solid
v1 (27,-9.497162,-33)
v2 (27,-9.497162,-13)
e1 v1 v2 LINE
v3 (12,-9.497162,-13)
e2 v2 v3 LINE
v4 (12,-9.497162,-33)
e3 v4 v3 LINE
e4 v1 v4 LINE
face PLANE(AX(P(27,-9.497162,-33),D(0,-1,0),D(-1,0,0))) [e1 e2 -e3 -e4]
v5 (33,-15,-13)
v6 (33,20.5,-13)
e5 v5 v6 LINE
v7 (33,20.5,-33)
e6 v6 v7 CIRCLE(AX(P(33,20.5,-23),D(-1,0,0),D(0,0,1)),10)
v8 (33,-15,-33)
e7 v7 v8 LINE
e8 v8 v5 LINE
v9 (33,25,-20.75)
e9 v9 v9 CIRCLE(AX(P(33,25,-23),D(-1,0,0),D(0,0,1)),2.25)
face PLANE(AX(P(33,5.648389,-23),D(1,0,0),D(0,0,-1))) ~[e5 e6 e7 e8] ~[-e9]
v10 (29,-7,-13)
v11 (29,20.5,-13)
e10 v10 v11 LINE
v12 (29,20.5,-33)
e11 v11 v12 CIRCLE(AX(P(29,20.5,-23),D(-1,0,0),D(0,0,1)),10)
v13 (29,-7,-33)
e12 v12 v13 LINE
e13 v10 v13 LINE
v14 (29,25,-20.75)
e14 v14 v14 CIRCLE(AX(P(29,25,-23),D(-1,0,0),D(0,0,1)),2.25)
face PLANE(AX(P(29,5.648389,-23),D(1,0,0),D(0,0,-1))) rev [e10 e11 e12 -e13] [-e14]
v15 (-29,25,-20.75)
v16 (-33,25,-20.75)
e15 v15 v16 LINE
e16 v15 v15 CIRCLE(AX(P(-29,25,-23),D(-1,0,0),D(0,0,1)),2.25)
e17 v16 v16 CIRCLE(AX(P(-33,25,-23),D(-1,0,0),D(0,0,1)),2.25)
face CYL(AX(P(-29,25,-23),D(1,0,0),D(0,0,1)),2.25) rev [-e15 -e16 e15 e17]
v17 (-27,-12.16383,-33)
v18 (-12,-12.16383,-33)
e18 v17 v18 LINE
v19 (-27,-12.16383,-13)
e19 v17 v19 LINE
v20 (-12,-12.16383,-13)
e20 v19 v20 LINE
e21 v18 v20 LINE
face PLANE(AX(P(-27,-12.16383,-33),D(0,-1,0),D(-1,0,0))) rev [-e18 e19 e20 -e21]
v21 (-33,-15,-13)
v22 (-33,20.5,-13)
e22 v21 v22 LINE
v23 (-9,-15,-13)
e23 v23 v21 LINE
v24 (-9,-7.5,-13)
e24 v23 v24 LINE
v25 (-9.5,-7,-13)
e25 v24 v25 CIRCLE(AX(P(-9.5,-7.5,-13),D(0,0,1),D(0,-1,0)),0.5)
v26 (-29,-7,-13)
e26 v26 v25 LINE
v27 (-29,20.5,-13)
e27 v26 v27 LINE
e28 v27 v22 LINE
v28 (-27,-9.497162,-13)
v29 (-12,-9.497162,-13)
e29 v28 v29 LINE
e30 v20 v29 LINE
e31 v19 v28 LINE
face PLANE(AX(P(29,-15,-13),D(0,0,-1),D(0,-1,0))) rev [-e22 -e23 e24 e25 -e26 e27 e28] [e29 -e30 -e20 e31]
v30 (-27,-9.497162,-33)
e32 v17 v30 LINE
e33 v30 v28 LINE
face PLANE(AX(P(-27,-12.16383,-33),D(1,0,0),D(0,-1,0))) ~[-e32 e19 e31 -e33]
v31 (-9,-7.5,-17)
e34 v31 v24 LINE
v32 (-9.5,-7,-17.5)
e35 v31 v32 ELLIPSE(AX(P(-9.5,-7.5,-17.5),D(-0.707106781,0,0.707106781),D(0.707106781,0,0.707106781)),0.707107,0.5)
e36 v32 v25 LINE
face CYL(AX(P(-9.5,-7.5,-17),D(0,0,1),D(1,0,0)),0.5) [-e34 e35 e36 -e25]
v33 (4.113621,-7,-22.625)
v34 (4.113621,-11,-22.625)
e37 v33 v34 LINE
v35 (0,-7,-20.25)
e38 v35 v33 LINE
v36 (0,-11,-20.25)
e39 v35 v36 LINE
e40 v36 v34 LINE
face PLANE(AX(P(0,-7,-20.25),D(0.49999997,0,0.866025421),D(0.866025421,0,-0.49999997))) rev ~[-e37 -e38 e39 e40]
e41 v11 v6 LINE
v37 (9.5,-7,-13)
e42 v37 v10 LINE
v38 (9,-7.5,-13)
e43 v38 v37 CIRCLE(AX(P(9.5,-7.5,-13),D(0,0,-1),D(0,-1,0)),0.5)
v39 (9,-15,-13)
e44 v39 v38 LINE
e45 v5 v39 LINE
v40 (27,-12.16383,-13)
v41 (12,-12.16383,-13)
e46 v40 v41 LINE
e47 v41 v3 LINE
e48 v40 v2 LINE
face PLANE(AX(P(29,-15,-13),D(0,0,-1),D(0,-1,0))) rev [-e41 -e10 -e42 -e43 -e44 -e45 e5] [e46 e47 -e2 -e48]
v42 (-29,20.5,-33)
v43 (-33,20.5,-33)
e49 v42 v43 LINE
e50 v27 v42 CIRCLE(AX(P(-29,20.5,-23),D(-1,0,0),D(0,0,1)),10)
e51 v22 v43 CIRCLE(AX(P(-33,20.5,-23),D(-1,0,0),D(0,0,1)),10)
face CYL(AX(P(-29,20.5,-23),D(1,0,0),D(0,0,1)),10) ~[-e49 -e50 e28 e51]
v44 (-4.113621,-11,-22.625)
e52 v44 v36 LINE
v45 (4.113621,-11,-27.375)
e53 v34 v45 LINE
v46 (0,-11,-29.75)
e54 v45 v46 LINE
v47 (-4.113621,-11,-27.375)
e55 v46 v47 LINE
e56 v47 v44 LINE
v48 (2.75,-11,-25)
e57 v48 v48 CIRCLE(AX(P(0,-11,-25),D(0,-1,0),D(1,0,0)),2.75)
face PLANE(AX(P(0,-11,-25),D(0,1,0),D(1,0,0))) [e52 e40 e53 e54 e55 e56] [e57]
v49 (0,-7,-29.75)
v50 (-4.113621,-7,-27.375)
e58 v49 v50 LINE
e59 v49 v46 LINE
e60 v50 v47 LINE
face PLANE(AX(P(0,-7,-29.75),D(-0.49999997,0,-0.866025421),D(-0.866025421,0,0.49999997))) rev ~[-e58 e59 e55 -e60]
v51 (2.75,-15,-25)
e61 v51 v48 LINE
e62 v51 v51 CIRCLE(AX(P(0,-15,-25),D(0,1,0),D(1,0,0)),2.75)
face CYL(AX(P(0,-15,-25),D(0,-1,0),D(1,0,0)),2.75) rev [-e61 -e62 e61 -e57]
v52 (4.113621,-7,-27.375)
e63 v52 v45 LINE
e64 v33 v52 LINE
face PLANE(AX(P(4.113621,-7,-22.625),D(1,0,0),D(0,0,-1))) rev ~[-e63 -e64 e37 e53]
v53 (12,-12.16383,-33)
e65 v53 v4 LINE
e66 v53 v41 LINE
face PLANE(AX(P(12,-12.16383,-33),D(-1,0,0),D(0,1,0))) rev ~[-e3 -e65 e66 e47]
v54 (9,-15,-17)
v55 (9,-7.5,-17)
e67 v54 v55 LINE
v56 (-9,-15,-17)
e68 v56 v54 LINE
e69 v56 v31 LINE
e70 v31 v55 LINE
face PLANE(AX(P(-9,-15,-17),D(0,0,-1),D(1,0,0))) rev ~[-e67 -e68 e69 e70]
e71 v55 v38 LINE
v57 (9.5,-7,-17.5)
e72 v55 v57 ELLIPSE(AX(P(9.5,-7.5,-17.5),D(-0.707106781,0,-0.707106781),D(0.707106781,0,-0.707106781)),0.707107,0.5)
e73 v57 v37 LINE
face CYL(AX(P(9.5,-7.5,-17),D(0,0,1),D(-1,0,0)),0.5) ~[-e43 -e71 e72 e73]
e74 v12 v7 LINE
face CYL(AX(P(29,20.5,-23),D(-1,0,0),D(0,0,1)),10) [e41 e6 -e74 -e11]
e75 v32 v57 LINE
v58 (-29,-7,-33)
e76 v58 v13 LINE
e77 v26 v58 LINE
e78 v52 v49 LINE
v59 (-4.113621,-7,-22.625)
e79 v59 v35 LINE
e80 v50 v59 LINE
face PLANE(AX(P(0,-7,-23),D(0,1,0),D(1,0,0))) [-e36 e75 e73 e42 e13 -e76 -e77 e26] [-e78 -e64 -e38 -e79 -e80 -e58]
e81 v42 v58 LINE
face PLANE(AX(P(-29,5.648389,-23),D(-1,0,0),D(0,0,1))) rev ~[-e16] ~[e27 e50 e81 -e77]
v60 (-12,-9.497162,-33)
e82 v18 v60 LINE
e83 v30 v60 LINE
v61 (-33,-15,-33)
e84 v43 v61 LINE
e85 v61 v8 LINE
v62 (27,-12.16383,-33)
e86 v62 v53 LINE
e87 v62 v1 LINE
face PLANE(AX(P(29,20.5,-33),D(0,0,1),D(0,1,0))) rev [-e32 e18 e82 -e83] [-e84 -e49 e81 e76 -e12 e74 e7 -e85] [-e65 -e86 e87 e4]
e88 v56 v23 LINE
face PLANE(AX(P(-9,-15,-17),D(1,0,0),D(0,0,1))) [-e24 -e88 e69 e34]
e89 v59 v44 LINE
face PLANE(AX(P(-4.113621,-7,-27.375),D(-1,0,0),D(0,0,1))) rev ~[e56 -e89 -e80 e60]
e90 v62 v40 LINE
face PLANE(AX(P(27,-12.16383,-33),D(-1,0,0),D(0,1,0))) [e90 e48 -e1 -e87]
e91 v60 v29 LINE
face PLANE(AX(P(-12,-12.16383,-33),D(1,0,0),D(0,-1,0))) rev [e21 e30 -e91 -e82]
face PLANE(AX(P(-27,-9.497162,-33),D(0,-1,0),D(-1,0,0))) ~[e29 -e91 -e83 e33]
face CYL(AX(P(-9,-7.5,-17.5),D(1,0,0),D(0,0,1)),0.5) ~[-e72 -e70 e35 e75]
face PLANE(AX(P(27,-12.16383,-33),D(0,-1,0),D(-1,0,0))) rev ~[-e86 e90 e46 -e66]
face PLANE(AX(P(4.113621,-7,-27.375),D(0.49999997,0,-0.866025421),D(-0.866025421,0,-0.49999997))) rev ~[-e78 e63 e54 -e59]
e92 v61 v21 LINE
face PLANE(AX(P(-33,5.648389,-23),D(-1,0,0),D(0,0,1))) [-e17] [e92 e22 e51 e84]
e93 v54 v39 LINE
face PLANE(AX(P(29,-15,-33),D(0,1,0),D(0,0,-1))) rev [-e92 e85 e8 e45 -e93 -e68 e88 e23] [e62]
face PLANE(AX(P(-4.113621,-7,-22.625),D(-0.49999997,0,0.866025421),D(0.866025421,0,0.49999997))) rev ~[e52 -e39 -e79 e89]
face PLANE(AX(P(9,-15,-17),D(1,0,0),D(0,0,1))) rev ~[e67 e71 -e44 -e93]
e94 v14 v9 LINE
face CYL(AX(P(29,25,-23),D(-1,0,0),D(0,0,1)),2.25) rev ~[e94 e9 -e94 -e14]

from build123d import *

# Parameters (mm, degrees)
SKETCH005_W             = 58
SKETCH005_H             = 20
SKETCH005_R             = 2.75
PAD004_DEPTH            = 8
SKETCH006_R             = 2.25
PAD005_DEPTH            = 4
POCKET005_DEPTH         = 4
SKETCH011_W             = 15
SKETCH011_H             = 2.666667
POCKET007_DEPTH         = 20
SKETCH012_W             = 18
SKETCH012_H             = 4
POCKET008_DEPTH         = 8
FILLET_R                = 0.5
BODY002_PLACEMENT_ANGLE = 180


with BuildPart() as part:
    # Sketch005 → Pad004 (new body)
    with BuildSketch(Plane.XZ):
        Rectangle(SKETCH005_W, SKETCH005_H)
        with Locations((0, 2)):
            Circle(SKETCH005_R, mode=Mode.SUBTRACT)
    extrude(amount=PAD004_DEPTH)

    # Sketch006 (on Face4 of Pad004) → Pad005 (join)
    with BuildSketch(Plane(origin=(-29, 0, 0), x_dir=(0, 0, -1), z_dir=(-1, 0, 0))):
        with BuildLine():
            Line((-10, 0), (10, 0))
            Line((10, 0), (10, 35.5))
            ThreePointArc((10, 35.5), (0, 45.5), (-10, 35.5))
            Line((-10, 35.5), (-10, 0))
        make_face()
        with Locations((0, 40)):
            Circle(SKETCH006_R, mode=Mode.SUBTRACT)
    pad005 = extrude(amount=PAD005_DEPTH)

    # Mirrored003: Pad005 across YZ
    add(pad005.mirror(Plane.YZ))

    # Sketch007 (on Face5 of Mirrored003) → Pocket005 (cut)
    with BuildSketch(Plane.XZ.offset(8)):
        Polygon((4.113621, 4.375), (0, 6.75), (-4.113621, 4.375), (-4.113621, -0.375), (0, -2.75), (4.113621, -0.375), align=None)
    extrude(amount=-POCKET005_DEPTH, mode=Mode.SUBTRACT)

    # Sketch011 (on Face14 of Pocket005) → Pocket007 (cut)
    with BuildSketch(Plane(origin=(0, 0, 10), x_dir=(-1, 0, 0), z_dir=(0, 0, 1))):
        with Locations((-19.5, 4.169504)):
            Rectangle(SKETCH011_W, SKETCH011_H)
    pocket007 = extrude(amount=-POCKET007_DEPTH, mode=Mode.SUBTRACT)

    # Mirrored004: Pocket007 across YZ
    add(pocket007.mirror(Plane.YZ), mode=Mode.SUBTRACT)

    # Sketch012 (on Face3 of Mirrored004) → Pocket008 (cut)
    with BuildSketch(Plane(origin=(0, 0, 0), x_dir=(1, 0, 0), z_dir=(0, 1, 0))):
        with Locations((0, 8)):
            Rectangle(SKETCH012_W, SKETCH012_H)
    extrude(amount=-POCKET008_DEPTH, mode=Mode.SUBTRACT)

    # Fillet
    fillet_edges = [part.edges().sort_by_distance(p)[0] for p in [
        (0, -8, -6),
        (9, -8, -8),
        (-9, -8, -8),
    ]]
    fillet(fillet_edges, radius=FILLET_R)


with BuildPart() as part_1:
    # Body002 placement: moved
    add(part.part.moved(Location((0, -15, -23))).rotate(Axis((0, -15, -23), (1, 0, 0)), BODY002_PLACEMENT_ANGLE))


solid = part_1.part
